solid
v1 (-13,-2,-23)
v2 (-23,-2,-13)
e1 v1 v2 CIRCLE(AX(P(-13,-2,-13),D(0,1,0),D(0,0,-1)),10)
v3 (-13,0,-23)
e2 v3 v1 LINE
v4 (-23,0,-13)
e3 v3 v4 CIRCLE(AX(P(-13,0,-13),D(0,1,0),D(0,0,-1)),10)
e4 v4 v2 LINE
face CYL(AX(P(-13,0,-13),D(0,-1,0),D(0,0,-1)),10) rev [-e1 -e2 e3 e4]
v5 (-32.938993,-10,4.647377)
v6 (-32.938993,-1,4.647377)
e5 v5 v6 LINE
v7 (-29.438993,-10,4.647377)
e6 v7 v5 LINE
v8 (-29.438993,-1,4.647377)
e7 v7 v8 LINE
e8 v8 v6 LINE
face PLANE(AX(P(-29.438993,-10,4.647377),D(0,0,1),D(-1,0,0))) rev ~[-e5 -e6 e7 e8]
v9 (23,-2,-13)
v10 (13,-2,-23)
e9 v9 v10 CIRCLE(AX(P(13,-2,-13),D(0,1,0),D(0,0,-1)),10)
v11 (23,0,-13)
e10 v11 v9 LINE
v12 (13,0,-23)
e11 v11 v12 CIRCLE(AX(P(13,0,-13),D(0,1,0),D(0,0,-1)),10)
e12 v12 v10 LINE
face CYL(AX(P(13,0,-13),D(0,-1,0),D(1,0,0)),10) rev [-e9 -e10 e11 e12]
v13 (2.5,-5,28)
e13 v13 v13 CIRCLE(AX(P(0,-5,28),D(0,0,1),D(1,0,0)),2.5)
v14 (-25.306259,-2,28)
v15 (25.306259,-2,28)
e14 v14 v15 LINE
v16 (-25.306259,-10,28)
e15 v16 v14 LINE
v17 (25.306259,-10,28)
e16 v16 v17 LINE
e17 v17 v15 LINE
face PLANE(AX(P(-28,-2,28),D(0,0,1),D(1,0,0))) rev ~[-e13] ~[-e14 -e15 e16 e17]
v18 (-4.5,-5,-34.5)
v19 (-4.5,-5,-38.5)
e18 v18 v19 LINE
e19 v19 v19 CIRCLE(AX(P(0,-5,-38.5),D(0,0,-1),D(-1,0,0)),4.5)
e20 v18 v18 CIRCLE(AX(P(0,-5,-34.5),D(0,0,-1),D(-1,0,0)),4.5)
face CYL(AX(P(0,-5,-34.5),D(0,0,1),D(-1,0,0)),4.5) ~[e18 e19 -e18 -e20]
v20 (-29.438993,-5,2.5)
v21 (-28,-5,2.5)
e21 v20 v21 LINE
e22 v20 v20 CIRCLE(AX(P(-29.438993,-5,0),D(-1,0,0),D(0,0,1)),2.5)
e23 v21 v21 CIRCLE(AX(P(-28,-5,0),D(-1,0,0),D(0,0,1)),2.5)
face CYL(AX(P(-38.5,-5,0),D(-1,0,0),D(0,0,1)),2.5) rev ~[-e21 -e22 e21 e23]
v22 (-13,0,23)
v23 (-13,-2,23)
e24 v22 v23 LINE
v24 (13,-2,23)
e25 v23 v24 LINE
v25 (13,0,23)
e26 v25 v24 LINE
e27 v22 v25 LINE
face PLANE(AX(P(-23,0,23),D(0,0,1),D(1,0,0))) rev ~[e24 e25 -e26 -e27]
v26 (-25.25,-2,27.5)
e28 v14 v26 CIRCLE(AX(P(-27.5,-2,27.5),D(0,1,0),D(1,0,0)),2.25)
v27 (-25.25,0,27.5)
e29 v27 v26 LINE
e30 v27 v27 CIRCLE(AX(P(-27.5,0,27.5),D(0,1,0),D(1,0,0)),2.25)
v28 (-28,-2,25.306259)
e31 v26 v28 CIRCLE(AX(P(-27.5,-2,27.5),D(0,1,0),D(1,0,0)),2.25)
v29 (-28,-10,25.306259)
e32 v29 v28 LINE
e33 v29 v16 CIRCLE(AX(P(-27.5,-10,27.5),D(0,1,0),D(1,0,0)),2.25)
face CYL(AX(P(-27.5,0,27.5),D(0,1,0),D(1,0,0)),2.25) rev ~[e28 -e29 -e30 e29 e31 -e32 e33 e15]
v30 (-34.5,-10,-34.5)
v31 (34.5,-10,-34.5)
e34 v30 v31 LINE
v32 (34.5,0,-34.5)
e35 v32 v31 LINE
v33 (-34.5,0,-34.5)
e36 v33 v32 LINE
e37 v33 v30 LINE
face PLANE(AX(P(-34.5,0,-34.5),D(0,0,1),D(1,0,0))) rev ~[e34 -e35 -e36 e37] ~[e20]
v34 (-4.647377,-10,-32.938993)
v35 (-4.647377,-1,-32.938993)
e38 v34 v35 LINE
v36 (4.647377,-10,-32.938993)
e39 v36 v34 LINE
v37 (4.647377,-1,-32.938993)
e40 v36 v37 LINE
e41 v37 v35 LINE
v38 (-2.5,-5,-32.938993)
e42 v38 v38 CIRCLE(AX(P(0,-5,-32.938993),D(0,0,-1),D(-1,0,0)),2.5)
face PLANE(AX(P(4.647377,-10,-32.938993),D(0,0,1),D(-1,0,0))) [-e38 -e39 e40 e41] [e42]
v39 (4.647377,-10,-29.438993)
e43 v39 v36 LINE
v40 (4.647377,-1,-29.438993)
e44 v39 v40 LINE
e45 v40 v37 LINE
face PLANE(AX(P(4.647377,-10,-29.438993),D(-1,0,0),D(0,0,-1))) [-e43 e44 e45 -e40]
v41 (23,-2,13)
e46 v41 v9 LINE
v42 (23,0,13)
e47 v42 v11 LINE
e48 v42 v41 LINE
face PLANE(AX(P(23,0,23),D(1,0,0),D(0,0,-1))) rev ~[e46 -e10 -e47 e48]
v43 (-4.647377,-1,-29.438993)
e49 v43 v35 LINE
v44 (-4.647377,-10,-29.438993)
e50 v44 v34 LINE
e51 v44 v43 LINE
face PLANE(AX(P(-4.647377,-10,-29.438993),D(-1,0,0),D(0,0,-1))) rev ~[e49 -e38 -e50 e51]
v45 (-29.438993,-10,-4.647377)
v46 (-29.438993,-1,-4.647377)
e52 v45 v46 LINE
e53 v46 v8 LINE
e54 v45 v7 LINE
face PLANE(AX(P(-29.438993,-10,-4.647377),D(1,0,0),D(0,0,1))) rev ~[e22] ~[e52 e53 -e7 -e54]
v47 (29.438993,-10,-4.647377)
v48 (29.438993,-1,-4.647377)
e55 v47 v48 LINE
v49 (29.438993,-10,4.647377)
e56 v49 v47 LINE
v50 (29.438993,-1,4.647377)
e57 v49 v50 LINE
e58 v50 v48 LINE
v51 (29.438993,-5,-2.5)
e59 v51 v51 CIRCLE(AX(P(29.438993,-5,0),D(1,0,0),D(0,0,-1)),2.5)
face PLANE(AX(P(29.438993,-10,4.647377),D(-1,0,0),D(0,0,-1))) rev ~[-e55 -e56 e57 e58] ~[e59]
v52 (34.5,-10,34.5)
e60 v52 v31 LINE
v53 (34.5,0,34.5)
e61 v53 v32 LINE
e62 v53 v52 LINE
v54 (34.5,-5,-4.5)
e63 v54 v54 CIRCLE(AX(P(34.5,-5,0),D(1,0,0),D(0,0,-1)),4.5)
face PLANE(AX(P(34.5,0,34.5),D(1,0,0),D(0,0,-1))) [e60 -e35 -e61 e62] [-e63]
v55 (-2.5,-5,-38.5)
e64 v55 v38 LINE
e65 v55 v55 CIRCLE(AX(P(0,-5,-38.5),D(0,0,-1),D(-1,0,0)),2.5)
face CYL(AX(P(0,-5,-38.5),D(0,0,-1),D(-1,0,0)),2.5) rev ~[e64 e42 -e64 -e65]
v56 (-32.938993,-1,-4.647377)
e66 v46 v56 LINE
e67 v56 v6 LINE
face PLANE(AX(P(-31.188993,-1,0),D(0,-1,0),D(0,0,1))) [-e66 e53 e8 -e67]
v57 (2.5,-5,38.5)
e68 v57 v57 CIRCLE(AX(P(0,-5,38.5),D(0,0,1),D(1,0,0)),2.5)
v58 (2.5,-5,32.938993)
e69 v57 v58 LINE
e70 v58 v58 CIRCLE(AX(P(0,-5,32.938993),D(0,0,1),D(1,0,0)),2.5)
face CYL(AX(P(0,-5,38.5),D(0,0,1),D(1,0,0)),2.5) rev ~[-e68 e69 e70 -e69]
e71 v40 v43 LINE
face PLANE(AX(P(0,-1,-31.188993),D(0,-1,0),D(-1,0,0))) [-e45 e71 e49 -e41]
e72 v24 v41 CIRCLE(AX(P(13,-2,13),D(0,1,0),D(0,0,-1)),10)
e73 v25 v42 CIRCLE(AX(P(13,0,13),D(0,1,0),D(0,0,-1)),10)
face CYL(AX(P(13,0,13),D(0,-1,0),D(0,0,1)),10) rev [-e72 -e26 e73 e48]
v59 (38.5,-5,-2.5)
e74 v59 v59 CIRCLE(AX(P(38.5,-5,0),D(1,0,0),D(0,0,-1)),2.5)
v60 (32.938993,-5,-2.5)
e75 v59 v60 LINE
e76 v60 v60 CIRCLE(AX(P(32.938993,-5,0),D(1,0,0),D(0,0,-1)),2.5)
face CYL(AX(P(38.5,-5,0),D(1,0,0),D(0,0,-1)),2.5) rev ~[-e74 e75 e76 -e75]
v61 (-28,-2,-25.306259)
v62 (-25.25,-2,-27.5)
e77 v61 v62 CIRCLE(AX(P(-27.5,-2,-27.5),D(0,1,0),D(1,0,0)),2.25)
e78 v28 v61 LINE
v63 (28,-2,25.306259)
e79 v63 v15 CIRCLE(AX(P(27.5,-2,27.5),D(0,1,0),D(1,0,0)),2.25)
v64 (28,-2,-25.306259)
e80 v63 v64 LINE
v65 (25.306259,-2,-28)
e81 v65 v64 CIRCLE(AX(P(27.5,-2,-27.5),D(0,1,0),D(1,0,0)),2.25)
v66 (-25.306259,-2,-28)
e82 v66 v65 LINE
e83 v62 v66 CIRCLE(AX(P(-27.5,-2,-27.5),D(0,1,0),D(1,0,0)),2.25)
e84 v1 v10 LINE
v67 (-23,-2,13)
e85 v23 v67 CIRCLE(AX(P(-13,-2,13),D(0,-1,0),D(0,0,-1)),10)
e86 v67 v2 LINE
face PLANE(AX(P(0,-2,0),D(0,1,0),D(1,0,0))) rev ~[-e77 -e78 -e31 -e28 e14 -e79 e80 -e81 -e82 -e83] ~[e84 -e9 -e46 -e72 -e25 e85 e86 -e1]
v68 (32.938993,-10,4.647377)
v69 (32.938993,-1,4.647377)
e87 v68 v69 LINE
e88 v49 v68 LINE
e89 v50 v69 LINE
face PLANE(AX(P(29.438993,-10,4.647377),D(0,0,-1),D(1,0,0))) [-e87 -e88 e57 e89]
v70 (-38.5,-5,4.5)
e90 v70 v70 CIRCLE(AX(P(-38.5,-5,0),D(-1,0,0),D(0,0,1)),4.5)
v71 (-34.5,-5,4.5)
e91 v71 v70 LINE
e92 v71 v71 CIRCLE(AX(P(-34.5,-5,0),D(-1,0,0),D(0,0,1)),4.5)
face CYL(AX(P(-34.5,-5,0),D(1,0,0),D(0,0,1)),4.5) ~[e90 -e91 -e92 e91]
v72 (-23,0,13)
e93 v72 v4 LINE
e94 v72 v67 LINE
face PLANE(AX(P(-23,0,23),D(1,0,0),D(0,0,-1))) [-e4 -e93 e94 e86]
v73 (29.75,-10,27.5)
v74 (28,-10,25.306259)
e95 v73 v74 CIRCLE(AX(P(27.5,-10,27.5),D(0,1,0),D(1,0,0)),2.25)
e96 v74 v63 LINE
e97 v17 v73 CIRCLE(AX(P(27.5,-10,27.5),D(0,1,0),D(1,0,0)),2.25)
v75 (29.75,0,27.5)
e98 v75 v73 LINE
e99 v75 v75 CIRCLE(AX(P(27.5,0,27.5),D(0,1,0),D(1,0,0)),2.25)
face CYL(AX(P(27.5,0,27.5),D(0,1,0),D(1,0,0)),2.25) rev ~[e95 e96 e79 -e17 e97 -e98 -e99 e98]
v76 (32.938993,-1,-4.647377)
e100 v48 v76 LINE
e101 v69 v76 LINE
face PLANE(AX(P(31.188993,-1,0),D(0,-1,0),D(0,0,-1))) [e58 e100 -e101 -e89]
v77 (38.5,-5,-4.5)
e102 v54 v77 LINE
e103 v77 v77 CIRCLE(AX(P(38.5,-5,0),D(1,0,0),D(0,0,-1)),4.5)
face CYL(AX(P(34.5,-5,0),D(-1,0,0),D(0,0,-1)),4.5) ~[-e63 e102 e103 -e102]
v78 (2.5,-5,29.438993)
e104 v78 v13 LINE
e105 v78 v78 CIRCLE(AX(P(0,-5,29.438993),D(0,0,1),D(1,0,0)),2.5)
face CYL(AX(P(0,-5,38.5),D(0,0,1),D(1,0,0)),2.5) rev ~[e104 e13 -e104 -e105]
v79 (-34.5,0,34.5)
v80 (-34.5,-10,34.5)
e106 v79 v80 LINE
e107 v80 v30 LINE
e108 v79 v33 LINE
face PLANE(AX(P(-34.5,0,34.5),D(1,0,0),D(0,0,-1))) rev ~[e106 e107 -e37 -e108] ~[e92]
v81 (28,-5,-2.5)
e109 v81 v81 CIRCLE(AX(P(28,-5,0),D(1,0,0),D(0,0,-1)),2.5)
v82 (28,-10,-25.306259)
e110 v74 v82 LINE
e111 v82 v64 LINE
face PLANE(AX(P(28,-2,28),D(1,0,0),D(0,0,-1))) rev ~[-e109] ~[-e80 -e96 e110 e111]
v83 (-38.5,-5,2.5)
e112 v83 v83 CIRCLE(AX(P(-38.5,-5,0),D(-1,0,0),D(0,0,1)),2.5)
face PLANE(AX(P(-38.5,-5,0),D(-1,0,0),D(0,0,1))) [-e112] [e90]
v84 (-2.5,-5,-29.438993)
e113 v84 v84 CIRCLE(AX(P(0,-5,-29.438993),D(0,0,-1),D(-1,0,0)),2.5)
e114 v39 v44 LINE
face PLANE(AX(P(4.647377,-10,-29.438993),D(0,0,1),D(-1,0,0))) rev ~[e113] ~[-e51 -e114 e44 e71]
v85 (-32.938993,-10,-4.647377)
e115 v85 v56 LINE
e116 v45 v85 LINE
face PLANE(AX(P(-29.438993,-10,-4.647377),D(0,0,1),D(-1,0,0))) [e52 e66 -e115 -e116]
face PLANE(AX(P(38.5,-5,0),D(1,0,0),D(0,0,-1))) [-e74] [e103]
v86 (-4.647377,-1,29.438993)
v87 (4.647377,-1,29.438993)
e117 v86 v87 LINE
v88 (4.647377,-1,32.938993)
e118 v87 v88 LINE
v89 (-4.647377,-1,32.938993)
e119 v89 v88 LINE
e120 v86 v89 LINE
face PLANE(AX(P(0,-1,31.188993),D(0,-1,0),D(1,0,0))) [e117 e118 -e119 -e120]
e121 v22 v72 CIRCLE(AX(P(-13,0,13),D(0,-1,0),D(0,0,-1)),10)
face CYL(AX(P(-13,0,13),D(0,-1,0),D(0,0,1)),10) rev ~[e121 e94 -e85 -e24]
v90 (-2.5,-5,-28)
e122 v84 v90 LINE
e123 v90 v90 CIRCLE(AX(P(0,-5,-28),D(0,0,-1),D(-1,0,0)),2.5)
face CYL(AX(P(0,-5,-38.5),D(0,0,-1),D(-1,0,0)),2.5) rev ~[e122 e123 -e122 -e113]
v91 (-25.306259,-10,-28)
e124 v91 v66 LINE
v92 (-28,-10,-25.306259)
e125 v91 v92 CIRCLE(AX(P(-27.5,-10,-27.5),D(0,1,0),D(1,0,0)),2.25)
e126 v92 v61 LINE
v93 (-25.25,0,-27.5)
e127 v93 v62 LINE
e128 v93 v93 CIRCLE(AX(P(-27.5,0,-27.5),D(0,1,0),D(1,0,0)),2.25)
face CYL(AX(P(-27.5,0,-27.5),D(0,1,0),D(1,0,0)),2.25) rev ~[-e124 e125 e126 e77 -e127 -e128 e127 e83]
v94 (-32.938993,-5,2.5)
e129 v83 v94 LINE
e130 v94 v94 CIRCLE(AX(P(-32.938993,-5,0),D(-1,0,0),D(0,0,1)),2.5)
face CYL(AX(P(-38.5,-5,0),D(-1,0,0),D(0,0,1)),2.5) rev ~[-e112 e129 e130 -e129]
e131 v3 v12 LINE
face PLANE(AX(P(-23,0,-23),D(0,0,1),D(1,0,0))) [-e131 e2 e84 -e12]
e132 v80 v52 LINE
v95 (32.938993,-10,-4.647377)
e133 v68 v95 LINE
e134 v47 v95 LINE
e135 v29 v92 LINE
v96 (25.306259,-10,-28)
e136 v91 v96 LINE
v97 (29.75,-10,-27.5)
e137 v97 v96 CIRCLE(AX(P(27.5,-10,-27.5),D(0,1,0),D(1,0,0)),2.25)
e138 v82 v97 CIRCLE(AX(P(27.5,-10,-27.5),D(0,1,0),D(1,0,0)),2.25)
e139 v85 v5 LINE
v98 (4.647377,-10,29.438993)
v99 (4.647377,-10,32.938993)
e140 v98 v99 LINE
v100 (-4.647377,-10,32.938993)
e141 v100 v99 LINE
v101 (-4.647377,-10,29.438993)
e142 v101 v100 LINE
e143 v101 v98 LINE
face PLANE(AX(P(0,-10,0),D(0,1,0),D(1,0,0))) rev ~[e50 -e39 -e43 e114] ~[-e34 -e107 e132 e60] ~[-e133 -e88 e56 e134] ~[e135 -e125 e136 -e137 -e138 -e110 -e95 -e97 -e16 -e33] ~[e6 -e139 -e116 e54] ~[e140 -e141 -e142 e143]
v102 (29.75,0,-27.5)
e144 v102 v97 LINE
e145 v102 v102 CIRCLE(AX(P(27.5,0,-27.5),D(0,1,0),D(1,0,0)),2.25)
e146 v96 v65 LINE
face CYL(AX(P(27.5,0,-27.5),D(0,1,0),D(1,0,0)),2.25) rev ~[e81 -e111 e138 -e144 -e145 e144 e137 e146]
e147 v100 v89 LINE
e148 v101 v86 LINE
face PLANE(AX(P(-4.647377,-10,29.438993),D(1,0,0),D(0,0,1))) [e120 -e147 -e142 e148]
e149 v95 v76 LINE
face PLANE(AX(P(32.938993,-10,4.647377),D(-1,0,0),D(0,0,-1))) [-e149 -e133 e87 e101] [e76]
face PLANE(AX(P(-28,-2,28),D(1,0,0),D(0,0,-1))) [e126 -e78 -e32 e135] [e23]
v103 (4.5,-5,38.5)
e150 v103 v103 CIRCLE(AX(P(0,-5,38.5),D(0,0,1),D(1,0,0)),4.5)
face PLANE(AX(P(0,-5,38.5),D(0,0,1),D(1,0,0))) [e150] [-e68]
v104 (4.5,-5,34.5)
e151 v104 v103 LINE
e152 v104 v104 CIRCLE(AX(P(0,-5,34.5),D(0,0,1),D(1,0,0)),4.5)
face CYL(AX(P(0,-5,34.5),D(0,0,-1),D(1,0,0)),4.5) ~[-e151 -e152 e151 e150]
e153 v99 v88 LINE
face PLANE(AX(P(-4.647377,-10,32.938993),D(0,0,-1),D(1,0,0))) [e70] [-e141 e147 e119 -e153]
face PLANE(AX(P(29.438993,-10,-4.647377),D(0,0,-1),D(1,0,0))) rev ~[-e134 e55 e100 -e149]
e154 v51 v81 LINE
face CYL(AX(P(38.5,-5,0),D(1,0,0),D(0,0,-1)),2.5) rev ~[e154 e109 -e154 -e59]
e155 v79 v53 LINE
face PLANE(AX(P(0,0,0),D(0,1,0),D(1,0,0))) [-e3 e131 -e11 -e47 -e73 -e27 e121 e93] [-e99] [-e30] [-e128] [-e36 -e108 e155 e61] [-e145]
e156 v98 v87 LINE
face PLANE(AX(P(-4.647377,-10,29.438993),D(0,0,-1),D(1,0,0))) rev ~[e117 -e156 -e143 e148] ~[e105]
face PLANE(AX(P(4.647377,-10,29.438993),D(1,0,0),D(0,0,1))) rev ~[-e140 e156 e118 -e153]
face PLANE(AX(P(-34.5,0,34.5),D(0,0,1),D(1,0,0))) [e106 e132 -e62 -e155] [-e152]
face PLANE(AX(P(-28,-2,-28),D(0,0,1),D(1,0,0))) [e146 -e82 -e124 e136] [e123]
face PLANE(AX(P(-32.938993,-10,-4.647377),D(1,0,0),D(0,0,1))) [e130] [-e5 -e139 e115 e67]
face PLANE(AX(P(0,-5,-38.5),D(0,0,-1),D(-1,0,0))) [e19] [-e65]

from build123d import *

# Parameters (mm, degrees)
SKETCH6_W               = 69
SKETCH6_H               = 69
BOSS_EXTRUDE1_DEPTH     = 10
SKETCH5_R               = 2.25
CUT_EXTRUDE1_DEPTH      = 1
CUT_EXTRUDE1_DEPTH_BACK = 11
CUT_EXTRUDE2_START      = -2
SKETCH7_W               = 56
SKETCH7_H               = 56
CUT_EXTRUDE2_DEPTH      = 10
SKETCH9_W               = 46
SKETCH9_H               = 46
CUT_EXTRUDE3_DEPTH      = 1
CUT_EXTRUDE3_DEPTH_BACK = 11
FILLET1_R               = 10
SKETCH10_R              = 4.5
BOSS_EXTRUDE2_DEPTH     = 4
SKETCH11_R              = 2.5
CUT_EXTRUDE4_DEPTH      = 10.5
SKETCH12_W              = 9.294754328
SKETCH12_H              = 3.5
CUT_EXTRUDE5_DEPTH      = 9
CIRPATTERN1_COUNT       = 4


with BuildPart() as part:
    # Sketch6 → Boss-Extrude1 (new body)
    with BuildSketch(Plane(origin=(0, 0, 0), x_dir=(1, 0, 0), z_dir=(0, 1, 0))):
        Rectangle(SKETCH6_W, SKETCH6_H)
    extrude(amount=-BOSS_EXTRUDE1_DEPTH)

    # Sketch5 → Cut-Extrude1 (cut, two sides)
    with BuildSketch(Plane(origin=(0, 0, 0), x_dir=(1, 0, 0), z_dir=(0, 1, 0))) as cut_extrude1_sk:
        with Locations((27.5, 27.5)):
            Circle(SKETCH5_R)
        with Locations((27.5, -27.5)):
            Circle(SKETCH5_R)
        with Locations((-27.5, -27.5)):
            Circle(SKETCH5_R)
        with Locations((-27.5, 27.5)):
            Circle(SKETCH5_R)
    extrude(amount=CUT_EXTRUDE1_DEPTH, mode=Mode.SUBTRACT)
    extrude(cut_extrude1_sk.sketch, amount=-CUT_EXTRUDE1_DEPTH_BACK, mode=Mode.SUBTRACT)

    # Sketch7 → Cut-Extrude2 (cut)
    with BuildSketch(Plane(origin=(0, 0, 0), x_dir=(1, 0, 0), z_dir=(0, 1, 0)).offset(CUT_EXTRUDE2_START)):
        Rectangle(SKETCH7_W, SKETCH7_H)
    extrude(amount=-CUT_EXTRUDE2_DEPTH, mode=Mode.SUBTRACT)

    # Sketch9 → Cut-Extrude3 (cut, two sides)
    with BuildSketch(Plane(origin=(0, 0, 0), x_dir=(1, 0, 0), z_dir=(0, 1, 0))) as cut_extrude3_sk:
        Rectangle(SKETCH9_W, SKETCH9_H)
    extrude(amount=CUT_EXTRUDE3_DEPTH, mode=Mode.SUBTRACT)
    extrude(cut_extrude3_sk.sketch, amount=-CUT_EXTRUDE3_DEPTH_BACK, mode=Mode.SUBTRACT)

    # Fillet1
    fillet1_edges = [part.edges().sort_by_distance(p)[0] for p in [
        (23, -1, -23),
        (23, -1, 23),
        (-23, -1, 23),
        (-23, -1, -23),
    ]]
    fillet(fillet1_edges, radius=FILLET1_R)

    # Sketch10 → Boss-Extrude2 (add)
    with BuildSketch(Plane(origin=(0, 0, -34.5), x_dir=(-1, 0, 0), z_dir=(0, 0, -1))):
        with Locations((0, -5)):
            Circle(SKETCH10_R)
    boss_extrude2 = extrude(amount=BOSS_EXTRUDE2_DEPTH)

    # Sketch11 → Cut-Extrude4 (cut)
    with BuildSketch(Plane(origin=(0, 0, -38.5), x_dir=(-1, 0, 0), z_dir=(0, 0, -1))):
        with Locations((0, -5)):
            Circle(SKETCH11_R)
    cut_extrude4 = extrude(amount=-CUT_EXTRUDE4_DEPTH, mode=Mode.SUBTRACT)

    # Sketch12 → Cut-Extrude5 (cut)
    with BuildSketch(Plane(origin=(0, -10, 0), x_dir=(-1, 0, 0), z_dir=(0, -1, 0))):
        with Locations((0, 31.188993475)):
            Rectangle(SKETCH12_W, SKETCH12_H)
    cut_extrude5 = extrude(amount=-CUT_EXTRUDE5_DEPTH, mode=Mode.SUBTRACT)

    # CirPattern1: Boss-Extrude2, Cut-Extrude4, Cut-Extrude5 ×4 about axis
    cirpattern1_axis = Axis((0, 0, 0), (0, 1, 0))
    for i in range(1, CIRPATTERN1_COUNT):
        add(boss_extrude2.rotate(cirpattern1_axis, i * 360 / CIRPATTERN1_COUNT))
        add(cut_extrude4.rotate(cirpattern1_axis, i * 360 / CIRPATTERN1_COUNT), mode=Mode.SUBTRACT)
        add(cut_extrude5.rotate(cirpattern1_axis, i * 360 / CIRPATTERN1_COUNT), mode=Mode.SUBTRACT)


solid = part.part
